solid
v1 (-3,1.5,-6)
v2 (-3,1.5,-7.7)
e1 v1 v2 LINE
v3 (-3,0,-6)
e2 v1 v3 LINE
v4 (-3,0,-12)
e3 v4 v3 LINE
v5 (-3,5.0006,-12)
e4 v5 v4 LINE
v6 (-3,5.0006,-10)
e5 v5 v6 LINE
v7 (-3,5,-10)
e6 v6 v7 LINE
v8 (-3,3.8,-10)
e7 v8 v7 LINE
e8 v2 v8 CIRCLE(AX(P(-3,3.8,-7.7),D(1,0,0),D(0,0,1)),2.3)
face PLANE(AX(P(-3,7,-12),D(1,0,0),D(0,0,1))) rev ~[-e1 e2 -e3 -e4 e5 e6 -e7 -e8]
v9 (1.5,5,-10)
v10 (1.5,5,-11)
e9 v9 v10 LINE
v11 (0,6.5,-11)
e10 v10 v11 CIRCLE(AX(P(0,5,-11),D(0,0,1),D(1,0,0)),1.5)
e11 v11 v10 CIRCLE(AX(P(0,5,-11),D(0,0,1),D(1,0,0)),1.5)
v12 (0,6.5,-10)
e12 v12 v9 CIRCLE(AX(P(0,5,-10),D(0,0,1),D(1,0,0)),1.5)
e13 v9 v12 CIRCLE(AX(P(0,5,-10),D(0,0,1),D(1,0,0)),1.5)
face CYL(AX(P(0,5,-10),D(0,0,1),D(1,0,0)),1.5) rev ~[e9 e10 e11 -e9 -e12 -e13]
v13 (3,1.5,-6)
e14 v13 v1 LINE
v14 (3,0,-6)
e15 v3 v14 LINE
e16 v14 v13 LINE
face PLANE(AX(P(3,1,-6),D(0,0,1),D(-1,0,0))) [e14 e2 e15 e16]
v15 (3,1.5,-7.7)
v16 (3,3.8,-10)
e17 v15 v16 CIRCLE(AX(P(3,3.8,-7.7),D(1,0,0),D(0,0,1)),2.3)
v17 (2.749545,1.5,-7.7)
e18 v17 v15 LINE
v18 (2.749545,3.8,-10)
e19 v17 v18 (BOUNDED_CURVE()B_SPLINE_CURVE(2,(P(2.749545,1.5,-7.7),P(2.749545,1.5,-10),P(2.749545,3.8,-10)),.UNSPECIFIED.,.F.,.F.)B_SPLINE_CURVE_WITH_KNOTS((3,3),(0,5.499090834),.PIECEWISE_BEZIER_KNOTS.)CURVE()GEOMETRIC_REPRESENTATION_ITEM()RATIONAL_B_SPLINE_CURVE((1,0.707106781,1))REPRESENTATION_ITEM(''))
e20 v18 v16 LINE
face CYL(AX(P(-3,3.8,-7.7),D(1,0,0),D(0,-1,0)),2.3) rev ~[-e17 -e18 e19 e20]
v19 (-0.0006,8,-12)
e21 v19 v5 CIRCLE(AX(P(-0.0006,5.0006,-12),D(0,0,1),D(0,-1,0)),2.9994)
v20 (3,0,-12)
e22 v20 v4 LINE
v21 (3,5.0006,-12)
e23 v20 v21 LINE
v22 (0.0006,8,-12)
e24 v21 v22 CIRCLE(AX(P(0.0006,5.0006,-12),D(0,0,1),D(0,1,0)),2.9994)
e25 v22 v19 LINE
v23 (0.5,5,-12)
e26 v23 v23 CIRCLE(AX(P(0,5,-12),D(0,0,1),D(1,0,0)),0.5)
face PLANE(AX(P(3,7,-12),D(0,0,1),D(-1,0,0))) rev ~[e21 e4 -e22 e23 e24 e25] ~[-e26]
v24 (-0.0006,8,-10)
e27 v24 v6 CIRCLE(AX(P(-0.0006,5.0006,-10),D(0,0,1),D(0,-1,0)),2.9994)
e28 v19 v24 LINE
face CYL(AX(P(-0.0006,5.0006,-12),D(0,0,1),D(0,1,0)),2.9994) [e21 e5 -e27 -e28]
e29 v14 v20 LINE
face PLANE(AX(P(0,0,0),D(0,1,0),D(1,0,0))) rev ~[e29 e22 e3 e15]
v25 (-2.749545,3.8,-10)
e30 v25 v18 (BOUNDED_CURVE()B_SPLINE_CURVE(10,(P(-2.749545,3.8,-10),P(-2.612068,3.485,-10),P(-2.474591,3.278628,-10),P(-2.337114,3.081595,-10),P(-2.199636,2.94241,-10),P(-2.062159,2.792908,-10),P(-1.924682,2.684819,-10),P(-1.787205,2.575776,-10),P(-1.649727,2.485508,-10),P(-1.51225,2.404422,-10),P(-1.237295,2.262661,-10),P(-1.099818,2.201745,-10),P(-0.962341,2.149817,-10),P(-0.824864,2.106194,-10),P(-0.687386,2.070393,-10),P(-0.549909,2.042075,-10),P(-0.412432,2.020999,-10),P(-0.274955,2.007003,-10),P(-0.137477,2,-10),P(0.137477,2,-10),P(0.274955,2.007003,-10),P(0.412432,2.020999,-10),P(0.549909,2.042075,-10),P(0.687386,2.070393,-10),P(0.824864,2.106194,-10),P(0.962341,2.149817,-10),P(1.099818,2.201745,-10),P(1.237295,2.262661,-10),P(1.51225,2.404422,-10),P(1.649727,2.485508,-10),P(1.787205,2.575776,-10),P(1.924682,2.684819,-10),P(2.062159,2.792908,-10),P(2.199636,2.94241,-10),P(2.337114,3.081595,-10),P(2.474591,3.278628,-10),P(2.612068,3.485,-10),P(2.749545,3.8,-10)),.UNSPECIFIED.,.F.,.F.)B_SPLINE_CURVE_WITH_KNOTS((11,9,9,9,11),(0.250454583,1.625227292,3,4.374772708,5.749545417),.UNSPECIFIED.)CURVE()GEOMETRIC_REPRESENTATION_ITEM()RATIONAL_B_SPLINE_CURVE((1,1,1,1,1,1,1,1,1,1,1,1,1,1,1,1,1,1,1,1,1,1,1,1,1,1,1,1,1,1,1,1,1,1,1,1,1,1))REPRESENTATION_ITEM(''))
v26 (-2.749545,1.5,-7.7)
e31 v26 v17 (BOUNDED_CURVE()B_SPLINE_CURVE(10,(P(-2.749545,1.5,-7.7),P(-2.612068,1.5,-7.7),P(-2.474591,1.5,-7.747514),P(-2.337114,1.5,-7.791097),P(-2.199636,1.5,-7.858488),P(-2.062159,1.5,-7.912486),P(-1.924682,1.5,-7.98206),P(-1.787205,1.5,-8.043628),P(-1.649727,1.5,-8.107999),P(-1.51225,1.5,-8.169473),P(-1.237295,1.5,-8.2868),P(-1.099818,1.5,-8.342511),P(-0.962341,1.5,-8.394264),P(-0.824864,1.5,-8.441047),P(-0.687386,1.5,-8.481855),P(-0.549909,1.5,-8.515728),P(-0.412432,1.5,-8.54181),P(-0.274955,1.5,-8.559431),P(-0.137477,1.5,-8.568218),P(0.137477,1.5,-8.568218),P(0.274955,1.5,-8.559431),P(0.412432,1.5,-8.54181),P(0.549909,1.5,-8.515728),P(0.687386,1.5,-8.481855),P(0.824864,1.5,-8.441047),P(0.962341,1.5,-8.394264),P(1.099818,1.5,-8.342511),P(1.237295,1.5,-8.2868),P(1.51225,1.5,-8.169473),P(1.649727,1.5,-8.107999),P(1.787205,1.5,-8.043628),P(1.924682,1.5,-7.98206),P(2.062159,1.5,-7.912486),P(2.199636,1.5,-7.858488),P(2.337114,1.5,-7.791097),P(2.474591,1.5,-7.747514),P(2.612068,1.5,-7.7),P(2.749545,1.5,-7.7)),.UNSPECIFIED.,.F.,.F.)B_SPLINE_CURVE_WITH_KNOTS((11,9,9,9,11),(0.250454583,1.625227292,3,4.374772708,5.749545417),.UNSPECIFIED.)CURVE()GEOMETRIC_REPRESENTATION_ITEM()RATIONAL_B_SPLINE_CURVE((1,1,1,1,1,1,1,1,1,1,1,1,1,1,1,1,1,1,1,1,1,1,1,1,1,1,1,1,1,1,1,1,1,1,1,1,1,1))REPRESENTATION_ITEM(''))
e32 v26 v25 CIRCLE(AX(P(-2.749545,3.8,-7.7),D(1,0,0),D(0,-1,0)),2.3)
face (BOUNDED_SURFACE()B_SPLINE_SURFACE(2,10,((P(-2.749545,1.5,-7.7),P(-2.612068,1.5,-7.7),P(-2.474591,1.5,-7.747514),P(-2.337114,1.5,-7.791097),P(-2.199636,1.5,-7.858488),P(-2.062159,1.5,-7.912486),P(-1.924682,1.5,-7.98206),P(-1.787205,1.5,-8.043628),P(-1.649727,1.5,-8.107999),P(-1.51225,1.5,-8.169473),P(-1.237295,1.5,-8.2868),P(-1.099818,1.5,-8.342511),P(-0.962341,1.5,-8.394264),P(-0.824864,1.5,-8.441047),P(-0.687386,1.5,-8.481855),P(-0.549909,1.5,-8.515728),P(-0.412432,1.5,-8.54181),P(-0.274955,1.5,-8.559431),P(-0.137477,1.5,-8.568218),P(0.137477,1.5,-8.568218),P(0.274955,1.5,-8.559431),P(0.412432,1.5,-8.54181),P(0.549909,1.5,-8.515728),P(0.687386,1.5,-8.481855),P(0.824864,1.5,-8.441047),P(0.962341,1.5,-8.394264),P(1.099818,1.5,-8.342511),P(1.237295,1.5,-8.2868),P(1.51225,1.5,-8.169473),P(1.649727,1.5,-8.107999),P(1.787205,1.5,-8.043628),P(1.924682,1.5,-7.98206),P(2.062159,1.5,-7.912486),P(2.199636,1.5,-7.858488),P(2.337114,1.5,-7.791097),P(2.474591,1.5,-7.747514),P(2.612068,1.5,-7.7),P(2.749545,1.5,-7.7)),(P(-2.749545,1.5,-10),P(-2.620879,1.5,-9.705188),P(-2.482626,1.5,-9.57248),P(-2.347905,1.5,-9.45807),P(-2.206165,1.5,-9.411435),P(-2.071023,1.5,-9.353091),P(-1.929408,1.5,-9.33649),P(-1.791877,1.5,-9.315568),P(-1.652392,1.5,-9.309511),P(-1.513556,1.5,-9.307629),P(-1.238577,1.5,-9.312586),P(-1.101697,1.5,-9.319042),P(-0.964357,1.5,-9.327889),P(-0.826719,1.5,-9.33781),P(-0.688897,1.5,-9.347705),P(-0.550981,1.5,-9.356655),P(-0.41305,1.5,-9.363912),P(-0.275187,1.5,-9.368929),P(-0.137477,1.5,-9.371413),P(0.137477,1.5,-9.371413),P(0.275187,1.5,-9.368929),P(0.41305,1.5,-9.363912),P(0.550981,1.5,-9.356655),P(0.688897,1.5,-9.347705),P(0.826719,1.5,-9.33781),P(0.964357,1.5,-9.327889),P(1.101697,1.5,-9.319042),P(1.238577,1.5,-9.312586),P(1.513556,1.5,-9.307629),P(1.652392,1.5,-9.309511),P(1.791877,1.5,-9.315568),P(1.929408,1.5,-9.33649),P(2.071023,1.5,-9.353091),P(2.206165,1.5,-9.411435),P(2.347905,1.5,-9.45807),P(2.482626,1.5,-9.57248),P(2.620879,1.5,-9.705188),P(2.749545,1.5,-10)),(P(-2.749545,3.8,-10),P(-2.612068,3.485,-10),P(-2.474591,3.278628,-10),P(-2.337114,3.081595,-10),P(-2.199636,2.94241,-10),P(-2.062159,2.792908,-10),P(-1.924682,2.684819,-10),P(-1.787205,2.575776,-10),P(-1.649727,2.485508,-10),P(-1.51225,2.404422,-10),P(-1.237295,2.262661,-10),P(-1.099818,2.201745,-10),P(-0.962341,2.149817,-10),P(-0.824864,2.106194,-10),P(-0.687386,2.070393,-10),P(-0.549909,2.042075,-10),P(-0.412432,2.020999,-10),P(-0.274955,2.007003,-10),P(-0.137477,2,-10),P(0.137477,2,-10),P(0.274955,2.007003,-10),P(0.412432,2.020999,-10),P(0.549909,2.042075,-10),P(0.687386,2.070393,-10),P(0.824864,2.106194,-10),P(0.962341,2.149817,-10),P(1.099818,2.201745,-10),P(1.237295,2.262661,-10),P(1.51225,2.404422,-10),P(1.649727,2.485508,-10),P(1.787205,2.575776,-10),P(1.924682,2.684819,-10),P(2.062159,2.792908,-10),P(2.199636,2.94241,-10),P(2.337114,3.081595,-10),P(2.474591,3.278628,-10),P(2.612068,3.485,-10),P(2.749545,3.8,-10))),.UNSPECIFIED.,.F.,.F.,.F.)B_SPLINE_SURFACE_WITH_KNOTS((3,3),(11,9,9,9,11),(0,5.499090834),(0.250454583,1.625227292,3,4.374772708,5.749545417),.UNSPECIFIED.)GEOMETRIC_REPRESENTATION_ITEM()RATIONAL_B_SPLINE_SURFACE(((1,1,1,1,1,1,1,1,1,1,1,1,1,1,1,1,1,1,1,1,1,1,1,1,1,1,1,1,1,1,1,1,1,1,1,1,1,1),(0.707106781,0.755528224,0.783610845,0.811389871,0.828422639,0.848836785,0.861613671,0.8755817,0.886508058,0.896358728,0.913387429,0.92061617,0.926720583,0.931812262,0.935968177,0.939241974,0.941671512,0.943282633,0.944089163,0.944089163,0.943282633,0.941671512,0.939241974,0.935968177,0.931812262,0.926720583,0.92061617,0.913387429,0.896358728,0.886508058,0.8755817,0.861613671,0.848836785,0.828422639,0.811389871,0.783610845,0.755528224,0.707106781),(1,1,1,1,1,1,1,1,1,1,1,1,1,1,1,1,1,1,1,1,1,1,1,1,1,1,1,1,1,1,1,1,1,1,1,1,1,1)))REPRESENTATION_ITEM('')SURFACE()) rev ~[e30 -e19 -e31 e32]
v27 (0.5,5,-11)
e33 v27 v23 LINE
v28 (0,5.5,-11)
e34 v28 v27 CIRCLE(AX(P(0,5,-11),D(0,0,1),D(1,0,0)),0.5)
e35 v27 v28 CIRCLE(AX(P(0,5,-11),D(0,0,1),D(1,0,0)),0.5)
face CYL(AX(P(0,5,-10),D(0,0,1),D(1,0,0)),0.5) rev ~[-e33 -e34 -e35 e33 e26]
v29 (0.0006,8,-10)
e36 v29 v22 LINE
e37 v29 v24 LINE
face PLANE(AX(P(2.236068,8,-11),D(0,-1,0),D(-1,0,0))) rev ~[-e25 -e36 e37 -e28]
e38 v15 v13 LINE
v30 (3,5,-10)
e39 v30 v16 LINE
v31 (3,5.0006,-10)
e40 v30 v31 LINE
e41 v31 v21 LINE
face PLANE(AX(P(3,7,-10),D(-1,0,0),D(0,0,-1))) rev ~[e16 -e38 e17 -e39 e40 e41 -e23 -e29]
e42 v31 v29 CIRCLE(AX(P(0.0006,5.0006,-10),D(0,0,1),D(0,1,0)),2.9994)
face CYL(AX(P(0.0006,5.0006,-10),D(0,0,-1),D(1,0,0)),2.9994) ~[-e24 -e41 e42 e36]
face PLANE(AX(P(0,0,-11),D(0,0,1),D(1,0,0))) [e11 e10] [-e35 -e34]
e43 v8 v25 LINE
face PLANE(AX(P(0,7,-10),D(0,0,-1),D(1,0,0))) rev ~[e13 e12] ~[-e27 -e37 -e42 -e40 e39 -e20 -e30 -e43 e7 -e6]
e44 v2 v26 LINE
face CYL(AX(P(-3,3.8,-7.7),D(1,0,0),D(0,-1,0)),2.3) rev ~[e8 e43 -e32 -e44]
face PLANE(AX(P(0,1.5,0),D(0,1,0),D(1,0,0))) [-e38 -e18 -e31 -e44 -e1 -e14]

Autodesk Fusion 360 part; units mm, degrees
sketch "Sketch1" plane through (0, 0, 0) normal (0, 1, 0) x (1, 0, 0)
  circle A0 centre (0, 0) radius 13
  circle A1 centre (0, 0) radius 3
  line L0 (0, 0) -> (0, 10)
  line L1 (0, 10) -> (3, 10)
  line L2 (3, 10) -> (3, 12)
  line L3 (3, 12) -> (-3, 12)
  line L4 (-3, 12) -> (-3, 10)
  line L5 (-3, 10) -> (3, 10)
  line L6 (-3, 10) -> (3, 10)
  line L7 (3, 10) -> (3, 6)
  line L8 (3, 6) -> (-3, 6)
  line L9 (-3, 6) -> (-3, 10)
  dimension "d1" = 26
  dimension "d2" = 6
extrude "Extrude1" add sketch "Sketch1" along normal blind 1 contours L0 L5 L6 L8 L9 | L0 L1 L5 L6 L7 L8
extrude "Extrude2" add sketch "Sketch1" along normal blind 6 contours L1 L2 L3 L4 L5 L6
extrude "Extrude3" add 1 faces at (-1, 6, -11.3333) along direction (0, 1, 0) blind 1
sketch "Sketch2" plane through (0, 0, -10) normal (0, 0, 1) x (1, 0, 0)
  line L0 (-3, 1) -> (3, 1)
  line L1 (3, 1) -> (3, 7)
  line L2 (3, 7) -> (-3, 7)
  line L3 (-3, 7) -> (-3, 1)
  line L4 (0, 7) -> (0, 5)
  circle A0 centre (0, 5) radius 0.5
  circle A1 centre (0, 5) radius 3
  circle A2 centre (0, 5) radius 1.5
  dimension "d9" = 2
  dimension "d10" = 1
  dimension "d23" = 3
extrude "Extrude4" cut sketch "Sketch2" against normal blind 5.8 contours A0
extrude "Extrude5" add 1 faces at (1, 1, -7.3333) along direction (0, 1, 0) blind 1
extrude "Extrude6" cut 1 faces at (1, 2, -7.3333) along direction (0, -1, 0) blind 0.5
extrude "Extrude7" cut sketch "Sketch2" against normal blind 1 contours A2 | L2 A1 picked at (-0.9591, 6.7853)
fillet "Fillet1" radius 2.3 1 edges at (0, 1.5, -10)
extrude "Extrude8" add 1 faces at (-0.0125, 6.4995, -11) along direction (0, 0, 1) blind 1
extrude "Extrude9" add 1 faces at (-1, 7, -10.6667) along direction (0, 1, 0) blind 1
extrude "Extrude10" cut sketch "Sketch2" against normal blind 1 contours A2
fillet "Fillet2" radius 3 2 edges at (-3, 8, -11) (3, 8, -11)
